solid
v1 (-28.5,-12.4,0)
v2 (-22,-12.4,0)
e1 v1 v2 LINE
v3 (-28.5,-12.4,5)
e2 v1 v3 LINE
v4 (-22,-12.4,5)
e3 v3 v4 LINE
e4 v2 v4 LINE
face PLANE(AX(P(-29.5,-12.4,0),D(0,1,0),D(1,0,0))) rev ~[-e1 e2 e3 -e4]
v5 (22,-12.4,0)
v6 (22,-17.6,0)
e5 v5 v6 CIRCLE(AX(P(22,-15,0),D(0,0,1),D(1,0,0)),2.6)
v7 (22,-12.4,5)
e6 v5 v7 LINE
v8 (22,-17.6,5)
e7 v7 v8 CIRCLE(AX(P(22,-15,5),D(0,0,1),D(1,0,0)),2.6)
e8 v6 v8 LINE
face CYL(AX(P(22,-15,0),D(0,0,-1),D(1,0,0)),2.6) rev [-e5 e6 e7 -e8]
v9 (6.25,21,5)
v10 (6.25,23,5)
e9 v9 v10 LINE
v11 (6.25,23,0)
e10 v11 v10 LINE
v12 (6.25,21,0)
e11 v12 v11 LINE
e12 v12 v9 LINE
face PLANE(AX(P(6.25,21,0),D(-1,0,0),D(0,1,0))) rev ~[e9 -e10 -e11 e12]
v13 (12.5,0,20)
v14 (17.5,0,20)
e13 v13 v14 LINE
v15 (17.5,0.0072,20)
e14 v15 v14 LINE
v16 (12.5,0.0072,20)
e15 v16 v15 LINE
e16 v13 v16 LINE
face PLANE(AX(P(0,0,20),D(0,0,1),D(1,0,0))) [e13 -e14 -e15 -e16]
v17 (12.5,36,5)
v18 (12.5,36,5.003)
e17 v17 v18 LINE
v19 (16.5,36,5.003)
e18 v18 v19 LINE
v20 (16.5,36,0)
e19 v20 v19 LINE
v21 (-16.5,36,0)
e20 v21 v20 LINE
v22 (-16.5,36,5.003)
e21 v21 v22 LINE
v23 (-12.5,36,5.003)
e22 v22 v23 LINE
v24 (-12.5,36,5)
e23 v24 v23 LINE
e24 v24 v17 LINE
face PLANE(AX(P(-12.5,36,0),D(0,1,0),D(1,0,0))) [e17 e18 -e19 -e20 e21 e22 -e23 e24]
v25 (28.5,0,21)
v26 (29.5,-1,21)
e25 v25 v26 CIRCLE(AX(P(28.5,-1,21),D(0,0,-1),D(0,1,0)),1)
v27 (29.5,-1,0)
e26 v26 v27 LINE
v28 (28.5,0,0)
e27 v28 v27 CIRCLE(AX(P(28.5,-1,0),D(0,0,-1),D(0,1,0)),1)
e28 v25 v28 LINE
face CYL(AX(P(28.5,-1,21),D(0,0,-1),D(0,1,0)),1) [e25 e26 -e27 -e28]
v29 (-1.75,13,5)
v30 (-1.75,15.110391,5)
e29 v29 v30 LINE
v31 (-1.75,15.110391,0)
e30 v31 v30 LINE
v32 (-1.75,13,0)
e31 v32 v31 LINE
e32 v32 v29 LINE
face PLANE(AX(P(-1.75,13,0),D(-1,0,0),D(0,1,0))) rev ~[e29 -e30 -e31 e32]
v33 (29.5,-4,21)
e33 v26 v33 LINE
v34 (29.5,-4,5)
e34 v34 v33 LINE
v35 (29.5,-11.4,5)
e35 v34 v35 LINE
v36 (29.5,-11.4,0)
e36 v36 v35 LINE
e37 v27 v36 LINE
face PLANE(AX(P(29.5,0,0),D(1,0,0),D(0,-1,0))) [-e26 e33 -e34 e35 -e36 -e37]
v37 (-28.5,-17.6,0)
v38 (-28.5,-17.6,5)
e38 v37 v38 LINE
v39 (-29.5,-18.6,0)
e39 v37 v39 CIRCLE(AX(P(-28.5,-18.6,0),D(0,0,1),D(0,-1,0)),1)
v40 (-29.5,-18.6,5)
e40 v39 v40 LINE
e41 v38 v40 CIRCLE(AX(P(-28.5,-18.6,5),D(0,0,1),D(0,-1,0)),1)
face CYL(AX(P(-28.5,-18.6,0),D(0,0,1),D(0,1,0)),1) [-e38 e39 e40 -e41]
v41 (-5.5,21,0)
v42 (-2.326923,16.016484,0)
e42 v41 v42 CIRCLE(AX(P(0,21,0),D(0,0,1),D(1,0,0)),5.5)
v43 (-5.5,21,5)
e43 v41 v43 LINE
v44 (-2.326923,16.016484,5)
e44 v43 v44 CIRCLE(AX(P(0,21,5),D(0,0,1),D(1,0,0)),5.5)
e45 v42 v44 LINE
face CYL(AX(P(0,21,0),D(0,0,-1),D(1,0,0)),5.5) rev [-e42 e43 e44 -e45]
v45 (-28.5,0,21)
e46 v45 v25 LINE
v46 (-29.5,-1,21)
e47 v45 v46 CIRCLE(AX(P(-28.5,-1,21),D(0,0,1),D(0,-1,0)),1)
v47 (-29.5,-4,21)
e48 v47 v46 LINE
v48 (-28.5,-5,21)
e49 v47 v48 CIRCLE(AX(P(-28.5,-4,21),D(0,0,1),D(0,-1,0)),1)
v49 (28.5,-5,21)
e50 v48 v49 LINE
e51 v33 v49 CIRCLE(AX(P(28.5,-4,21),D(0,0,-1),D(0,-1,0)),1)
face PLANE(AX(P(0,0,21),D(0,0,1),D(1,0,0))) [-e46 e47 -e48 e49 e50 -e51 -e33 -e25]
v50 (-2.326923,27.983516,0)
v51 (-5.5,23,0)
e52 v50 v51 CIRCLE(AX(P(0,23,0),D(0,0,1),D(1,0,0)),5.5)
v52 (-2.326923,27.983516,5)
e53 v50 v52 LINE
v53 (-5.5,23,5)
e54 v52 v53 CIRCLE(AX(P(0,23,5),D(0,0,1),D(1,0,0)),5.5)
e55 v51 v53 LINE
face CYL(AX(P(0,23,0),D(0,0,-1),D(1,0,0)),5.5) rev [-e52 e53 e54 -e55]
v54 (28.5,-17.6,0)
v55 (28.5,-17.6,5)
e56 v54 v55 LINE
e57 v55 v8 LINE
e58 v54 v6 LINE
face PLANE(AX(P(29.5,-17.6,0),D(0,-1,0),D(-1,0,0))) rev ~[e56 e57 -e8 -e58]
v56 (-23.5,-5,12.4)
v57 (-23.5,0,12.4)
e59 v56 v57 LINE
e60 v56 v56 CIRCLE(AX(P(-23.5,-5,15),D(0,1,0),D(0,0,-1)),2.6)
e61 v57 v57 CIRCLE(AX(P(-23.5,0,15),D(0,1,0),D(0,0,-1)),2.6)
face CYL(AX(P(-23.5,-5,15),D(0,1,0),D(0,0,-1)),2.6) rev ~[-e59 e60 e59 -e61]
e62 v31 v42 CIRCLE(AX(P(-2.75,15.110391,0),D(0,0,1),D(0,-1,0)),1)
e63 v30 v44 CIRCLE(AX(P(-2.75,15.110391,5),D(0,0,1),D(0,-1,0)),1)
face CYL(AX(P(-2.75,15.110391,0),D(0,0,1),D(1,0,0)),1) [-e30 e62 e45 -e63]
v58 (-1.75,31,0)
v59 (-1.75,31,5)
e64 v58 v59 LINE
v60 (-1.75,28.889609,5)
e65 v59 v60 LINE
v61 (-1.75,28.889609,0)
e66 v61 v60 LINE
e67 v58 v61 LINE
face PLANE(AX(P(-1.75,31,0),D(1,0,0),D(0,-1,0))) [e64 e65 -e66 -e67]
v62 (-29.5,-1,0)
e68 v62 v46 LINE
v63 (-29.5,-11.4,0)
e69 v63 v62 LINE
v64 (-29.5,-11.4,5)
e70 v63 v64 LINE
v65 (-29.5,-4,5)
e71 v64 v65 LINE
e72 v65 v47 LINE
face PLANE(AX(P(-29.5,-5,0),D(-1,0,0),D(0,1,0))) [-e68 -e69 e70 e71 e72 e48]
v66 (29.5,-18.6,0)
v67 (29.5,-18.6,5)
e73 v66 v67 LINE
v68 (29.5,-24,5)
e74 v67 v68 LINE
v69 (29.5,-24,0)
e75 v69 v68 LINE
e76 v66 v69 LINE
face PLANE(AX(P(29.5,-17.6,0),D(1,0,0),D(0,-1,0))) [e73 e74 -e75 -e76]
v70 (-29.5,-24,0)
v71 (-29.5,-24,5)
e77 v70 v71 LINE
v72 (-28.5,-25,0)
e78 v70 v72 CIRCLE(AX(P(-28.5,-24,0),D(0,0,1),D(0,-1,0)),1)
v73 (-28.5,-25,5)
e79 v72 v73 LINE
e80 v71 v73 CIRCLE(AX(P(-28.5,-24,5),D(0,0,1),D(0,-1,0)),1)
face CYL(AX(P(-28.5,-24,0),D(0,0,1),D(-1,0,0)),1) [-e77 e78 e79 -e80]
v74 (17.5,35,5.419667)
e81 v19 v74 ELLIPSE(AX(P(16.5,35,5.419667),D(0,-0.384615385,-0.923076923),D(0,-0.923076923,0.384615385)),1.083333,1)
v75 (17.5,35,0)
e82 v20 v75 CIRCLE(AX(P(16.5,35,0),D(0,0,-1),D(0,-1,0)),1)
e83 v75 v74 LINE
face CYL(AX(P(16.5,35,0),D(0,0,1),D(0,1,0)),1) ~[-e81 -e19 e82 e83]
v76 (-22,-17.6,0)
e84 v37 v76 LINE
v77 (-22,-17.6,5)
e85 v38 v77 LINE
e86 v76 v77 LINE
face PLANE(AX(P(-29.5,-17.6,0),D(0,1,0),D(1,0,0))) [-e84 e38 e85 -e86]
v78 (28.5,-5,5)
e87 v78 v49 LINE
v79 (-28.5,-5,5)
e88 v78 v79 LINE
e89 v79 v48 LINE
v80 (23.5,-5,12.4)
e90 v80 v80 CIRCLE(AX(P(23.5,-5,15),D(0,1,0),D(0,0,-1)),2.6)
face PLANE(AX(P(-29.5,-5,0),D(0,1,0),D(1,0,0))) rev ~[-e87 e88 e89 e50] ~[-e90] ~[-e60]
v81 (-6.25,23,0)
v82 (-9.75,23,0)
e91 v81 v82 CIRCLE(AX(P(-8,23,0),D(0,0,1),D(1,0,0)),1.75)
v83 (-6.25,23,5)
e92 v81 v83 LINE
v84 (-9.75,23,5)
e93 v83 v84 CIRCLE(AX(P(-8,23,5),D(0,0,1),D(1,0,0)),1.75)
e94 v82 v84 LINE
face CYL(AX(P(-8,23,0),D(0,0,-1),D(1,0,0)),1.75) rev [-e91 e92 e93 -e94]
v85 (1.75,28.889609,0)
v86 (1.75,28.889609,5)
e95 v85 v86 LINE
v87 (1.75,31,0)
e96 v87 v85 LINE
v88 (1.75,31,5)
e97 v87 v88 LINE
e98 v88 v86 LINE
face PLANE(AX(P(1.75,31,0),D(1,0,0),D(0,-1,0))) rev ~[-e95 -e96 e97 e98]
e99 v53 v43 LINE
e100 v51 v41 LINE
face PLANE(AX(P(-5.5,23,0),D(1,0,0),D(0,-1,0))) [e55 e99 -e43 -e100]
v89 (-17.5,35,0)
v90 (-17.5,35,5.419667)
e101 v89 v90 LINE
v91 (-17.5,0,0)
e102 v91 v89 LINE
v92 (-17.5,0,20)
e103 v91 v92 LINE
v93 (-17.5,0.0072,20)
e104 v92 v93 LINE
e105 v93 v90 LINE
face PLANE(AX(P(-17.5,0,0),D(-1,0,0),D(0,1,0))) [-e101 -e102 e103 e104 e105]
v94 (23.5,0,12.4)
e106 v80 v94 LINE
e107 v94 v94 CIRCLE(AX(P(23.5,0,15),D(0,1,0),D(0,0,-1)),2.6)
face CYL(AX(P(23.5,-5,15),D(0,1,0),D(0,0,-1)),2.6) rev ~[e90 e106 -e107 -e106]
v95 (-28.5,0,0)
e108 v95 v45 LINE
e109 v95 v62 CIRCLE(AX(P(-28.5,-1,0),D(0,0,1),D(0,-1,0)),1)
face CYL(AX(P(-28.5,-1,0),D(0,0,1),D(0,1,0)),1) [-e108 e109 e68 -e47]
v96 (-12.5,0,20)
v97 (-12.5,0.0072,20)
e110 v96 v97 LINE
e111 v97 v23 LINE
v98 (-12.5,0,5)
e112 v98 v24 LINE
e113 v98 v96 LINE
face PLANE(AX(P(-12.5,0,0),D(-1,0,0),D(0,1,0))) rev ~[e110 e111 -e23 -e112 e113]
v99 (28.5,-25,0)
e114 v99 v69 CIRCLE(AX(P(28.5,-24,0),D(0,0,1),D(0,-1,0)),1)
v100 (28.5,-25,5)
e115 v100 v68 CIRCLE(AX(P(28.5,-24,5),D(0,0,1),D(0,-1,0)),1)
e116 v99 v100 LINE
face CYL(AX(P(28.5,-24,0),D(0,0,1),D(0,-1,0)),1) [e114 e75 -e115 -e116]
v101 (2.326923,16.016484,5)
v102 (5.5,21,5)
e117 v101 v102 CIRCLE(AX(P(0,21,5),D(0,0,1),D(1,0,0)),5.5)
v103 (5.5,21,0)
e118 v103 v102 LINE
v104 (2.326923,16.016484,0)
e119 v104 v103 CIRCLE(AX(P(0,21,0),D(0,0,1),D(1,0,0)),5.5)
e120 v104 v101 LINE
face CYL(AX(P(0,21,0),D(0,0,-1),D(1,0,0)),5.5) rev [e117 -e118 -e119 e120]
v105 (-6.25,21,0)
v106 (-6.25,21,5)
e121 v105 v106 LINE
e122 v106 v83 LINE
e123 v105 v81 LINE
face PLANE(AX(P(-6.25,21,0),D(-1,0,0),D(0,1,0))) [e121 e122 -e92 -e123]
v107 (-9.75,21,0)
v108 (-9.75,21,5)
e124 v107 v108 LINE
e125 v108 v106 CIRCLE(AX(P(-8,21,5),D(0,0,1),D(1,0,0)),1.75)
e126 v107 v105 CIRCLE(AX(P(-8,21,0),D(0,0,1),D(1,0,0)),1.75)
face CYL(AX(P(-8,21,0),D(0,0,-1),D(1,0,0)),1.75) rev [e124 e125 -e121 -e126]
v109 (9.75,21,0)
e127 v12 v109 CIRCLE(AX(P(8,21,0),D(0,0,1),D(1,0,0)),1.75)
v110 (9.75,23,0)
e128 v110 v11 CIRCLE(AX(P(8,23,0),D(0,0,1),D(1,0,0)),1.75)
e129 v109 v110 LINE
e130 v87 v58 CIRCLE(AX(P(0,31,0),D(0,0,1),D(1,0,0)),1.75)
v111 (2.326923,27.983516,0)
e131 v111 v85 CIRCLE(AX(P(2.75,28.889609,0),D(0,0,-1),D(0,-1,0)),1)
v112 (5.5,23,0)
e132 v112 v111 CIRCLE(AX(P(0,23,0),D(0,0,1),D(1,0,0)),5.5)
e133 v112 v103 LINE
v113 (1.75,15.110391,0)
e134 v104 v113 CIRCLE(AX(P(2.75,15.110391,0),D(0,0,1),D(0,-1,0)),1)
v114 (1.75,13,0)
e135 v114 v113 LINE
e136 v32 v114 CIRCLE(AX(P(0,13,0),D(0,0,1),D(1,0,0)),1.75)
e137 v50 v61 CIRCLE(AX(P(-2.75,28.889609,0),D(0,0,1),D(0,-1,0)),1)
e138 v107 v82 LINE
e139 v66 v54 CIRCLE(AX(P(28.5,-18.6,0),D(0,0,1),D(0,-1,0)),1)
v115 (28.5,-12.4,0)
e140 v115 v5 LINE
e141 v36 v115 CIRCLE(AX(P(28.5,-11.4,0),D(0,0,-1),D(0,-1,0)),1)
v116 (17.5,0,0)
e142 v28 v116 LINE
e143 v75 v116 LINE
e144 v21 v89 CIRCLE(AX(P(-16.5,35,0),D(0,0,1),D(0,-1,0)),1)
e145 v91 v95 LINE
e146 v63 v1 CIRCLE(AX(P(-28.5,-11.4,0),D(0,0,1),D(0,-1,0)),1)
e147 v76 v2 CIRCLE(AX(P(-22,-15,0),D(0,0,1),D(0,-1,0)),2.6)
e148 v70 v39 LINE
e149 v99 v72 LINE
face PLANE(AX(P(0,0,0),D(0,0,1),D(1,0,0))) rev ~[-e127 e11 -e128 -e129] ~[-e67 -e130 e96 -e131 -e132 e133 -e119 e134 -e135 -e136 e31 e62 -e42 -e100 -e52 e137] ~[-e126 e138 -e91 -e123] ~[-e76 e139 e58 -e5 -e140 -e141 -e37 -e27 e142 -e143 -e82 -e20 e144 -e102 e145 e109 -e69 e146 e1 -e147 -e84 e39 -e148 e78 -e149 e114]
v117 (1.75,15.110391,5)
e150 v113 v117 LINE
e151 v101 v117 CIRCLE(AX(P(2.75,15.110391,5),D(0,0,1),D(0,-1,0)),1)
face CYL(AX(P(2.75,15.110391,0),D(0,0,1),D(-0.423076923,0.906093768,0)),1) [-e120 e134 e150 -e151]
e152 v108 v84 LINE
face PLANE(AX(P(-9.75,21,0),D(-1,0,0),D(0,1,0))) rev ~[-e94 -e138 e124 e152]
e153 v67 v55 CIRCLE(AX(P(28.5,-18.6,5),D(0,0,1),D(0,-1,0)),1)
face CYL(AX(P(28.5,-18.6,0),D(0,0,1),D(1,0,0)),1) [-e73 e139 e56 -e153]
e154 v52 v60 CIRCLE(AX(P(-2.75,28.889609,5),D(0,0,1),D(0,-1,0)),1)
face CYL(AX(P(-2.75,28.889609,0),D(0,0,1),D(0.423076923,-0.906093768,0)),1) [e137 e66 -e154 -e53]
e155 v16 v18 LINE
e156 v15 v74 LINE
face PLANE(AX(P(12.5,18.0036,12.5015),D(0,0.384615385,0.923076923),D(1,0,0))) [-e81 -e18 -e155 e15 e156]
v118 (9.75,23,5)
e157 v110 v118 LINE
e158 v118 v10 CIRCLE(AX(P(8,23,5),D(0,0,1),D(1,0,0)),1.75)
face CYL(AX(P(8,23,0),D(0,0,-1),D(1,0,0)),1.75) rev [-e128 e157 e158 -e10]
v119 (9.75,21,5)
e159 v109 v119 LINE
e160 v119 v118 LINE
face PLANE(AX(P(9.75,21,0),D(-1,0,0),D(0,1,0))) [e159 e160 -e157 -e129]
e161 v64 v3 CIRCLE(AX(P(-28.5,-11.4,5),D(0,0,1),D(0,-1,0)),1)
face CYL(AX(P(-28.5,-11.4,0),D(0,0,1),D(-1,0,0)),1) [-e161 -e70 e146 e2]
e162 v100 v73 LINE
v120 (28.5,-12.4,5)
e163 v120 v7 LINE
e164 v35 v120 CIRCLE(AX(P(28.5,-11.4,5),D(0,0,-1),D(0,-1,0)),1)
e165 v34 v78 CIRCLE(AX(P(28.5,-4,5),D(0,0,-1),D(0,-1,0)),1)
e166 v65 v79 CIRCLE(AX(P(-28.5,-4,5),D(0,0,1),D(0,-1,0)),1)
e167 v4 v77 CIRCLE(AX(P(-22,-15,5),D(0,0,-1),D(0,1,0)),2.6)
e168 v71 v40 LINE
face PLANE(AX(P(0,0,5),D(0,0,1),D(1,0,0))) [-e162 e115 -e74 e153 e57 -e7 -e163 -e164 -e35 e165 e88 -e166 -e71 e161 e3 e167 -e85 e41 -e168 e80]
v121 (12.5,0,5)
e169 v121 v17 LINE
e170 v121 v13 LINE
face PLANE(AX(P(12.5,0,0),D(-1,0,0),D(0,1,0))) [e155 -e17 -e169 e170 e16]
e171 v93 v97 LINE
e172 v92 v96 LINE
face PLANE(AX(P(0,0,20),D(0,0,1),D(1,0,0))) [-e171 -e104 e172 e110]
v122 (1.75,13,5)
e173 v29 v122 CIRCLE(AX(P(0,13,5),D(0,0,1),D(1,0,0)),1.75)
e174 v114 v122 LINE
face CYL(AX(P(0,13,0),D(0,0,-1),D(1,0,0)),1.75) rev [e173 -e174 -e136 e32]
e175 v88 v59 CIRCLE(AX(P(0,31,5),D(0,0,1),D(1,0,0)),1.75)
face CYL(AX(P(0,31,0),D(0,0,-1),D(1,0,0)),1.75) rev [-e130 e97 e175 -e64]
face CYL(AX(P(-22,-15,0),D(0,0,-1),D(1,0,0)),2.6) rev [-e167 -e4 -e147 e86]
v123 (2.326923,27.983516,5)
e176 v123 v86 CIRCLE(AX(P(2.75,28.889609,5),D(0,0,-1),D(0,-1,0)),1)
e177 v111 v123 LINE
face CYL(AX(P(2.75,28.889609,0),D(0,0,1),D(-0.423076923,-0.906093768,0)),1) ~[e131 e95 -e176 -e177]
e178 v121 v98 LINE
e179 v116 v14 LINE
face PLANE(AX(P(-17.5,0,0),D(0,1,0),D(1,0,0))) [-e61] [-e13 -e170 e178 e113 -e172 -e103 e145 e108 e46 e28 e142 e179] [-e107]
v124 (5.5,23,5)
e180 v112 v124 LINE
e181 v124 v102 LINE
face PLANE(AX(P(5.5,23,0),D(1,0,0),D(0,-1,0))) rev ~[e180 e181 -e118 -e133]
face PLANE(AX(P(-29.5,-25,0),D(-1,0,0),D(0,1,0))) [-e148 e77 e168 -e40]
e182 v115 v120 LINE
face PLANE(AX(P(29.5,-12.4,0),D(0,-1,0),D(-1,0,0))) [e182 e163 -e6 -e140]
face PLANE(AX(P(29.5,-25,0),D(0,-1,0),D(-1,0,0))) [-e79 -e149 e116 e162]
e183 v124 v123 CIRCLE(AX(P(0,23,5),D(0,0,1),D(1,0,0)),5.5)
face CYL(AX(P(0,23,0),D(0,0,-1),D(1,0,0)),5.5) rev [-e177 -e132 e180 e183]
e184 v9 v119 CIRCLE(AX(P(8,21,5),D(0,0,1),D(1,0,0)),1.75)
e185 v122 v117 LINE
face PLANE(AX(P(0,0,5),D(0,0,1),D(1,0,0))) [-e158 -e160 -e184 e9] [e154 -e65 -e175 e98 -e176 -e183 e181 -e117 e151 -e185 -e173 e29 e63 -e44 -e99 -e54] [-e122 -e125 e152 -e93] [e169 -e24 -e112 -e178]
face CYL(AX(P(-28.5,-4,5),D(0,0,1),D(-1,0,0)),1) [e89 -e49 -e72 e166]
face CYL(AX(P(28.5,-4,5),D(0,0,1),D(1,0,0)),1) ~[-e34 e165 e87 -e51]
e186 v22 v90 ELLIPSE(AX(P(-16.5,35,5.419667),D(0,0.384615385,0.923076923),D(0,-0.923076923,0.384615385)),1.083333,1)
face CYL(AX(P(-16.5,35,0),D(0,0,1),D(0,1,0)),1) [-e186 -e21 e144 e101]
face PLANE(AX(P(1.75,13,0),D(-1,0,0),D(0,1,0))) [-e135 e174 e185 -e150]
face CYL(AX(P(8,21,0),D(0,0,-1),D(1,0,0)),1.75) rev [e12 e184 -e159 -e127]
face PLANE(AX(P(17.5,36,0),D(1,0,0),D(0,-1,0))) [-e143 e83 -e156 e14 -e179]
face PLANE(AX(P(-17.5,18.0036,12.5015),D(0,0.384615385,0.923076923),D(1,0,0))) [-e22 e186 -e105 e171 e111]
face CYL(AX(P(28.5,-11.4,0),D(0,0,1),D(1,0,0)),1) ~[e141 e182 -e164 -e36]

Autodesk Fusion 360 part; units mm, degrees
sketch "スケッチ1" plane through (0, 0, 0) normal (0, 0, 1) x (1, 0, 0)
  line L0 (-17.5, 0) -> (-17.5, 36)
  line L1 (-17.5, 36) -> (17.5, 36)
  line L2 (17.5, 36) -> (17.5, 0)
  line L3 (-29.5, 0) -> (29.5, 0)
  line L4 (29.5, 0) -> (29.5, -25)
  line L5 (29.5, -25) -> (-29.5, -25)
  line L6 (-29.5, -25) -> (-29.5, 0)
  line L7 (-29.5, -5) -> (29.5, -5)
  line L8 (-12.5, 0) -> (-12.5, 36)
  line L9 (12.5, 0) -> (12.5, 36)
  circle A0 centre (22, -15) radius 2.6
  circle A1 centre (-22, -15) radius 2.6
  line L10 (29.5, -12.4) -> (22, -12.4)
  line L11 (29.5, -17.6) -> (22, -17.6)
  line L12 (-29.5, -12.4) -> (-22, -12.4)
  line L13 (-29.5, -17.6) -> (-22, -17.6)
  circle A2 centre (0, 23) radius 5.5
  circle A3 centre (0, 21) radius 5.5
  circle A4 centre (0, 31) radius 1.75
  circle A5 centre (0, 13) radius 1.75
  line L14 (0, 36) -> (0, 0) construction
  line L15 (1.75, 31) -> (1.75, 28.2142)
  line L16 (-1.75, 31) -> (-1.75, 28.2142)
  line L17 (1.75, 13) -> (1.75, 15.7858)
  line L18 (-1.75, 13) -> (-1.75, 15.7858)
  line L19 (5.5, 23) -> (5.5, 21)
  line L20 (-8, 23) -> (-8, 21)
  circle A6 centre (-8, 23) radius 1.75
  circle A7 centre (-8, 21) radius 1.75
  line L21 (-6.25, 21) -> (-6.25, 23)
  line L22 (-9.75, 21) -> (-9.75, 23)
  circle A8 centre (8, 23) radius 1.75
  line L23 (6.25, 21) -> (6.25, 23)
  circle A9 centre (8, 21) radius 1.75
  line L24 (9.75, 21) -> (9.75, 23)
  line L25 (-5.5, 23) -> (-5.5, 21)
  dimension "d1" = 36
  dimension "d2" = 25
  dimension "d3" = 5
  dimension "d4" = 35
  dimension "d5" = 59
  dimension "d6" = 17.5
  dimension "d7" = 5
  dimension "d8" = 5
  dimension "d9" = 5.2
  dimension "d10" = 5.2
  dimension "d11" = 7.5
  dimension "d12" = 7.5
  dimension "d13" = 10
  dimension "d14" = 10
  dimension "d15" = 11
  dimension "d16" = 11
  dimension "d17" = 3.5
  dimension "d18" = 3.5
  dimension "d19" = 5
  dimension "d20" = 18
  dimension "d21" = 2
  dimension "d22" = 8
  dimension "d23" = 2
  dimension "d24" = 3.5
  dimension "d25" = 3.5
  dimension "d26" = 8
  dimension "d27" = 8
extrude "押し出し1" add sketch "スケッチ1" along normal blind 5 contours L3 L4 L6 L7 | L1 L3 L8 L9 | L4 L5 L6 L7 A0 A1 L10 L11 L12 L13
extrude "押し出し2" add sketch "スケッチ1" along normal blind 21 contours L3 L4 L6 L7
extrude "押し出し3" add sketch "スケッチ1" along normal blind 20 contours L0 L1 L3 L8 | L1 L2 L3 L9
chamfer "面取り1" distance 36 distance2 15 2 edges at (-15, 36, 20) (15, 36, 20) measured on face at (-15.8333, 24, 20) measured on face at (14.1667, 12, 20)
hole "穴1" at (23.5, -5, 15) direction (0, 1, 0) diameter 5.2 depth 6 tip angle 118
hole "穴2" at (-23.5, -5, 15) direction (0, 1, 0) diameter 5.2 depth 6 tip angle 118
fillet "フィレット1" radius 1 12 edges at (29.5, -25, 2.5) (29.5, -17.6, 2.5) (29.5, -12.4, 2.5) (29.5, -5, 13) (29.5, 0, 10.5) (17.5, 36, 2.5) (-17.5, 36, 2.5) (-29.5, 0, 10.5) (-29.5, -5, 13) (-29.5, -25, 2.5) (-29.5, -17.6, 2.5) (-29.5, -12.4, 2.5)
fillet "フィレット2" radius 1 4 edges at (1.75, 28.2142, 2.5) (1.75, 15.7858, 2.5) (-1.75, 15.7858, 2.5) (-1.75, 28.2142, 2.5)
equation "d6 = d4 / 2"
